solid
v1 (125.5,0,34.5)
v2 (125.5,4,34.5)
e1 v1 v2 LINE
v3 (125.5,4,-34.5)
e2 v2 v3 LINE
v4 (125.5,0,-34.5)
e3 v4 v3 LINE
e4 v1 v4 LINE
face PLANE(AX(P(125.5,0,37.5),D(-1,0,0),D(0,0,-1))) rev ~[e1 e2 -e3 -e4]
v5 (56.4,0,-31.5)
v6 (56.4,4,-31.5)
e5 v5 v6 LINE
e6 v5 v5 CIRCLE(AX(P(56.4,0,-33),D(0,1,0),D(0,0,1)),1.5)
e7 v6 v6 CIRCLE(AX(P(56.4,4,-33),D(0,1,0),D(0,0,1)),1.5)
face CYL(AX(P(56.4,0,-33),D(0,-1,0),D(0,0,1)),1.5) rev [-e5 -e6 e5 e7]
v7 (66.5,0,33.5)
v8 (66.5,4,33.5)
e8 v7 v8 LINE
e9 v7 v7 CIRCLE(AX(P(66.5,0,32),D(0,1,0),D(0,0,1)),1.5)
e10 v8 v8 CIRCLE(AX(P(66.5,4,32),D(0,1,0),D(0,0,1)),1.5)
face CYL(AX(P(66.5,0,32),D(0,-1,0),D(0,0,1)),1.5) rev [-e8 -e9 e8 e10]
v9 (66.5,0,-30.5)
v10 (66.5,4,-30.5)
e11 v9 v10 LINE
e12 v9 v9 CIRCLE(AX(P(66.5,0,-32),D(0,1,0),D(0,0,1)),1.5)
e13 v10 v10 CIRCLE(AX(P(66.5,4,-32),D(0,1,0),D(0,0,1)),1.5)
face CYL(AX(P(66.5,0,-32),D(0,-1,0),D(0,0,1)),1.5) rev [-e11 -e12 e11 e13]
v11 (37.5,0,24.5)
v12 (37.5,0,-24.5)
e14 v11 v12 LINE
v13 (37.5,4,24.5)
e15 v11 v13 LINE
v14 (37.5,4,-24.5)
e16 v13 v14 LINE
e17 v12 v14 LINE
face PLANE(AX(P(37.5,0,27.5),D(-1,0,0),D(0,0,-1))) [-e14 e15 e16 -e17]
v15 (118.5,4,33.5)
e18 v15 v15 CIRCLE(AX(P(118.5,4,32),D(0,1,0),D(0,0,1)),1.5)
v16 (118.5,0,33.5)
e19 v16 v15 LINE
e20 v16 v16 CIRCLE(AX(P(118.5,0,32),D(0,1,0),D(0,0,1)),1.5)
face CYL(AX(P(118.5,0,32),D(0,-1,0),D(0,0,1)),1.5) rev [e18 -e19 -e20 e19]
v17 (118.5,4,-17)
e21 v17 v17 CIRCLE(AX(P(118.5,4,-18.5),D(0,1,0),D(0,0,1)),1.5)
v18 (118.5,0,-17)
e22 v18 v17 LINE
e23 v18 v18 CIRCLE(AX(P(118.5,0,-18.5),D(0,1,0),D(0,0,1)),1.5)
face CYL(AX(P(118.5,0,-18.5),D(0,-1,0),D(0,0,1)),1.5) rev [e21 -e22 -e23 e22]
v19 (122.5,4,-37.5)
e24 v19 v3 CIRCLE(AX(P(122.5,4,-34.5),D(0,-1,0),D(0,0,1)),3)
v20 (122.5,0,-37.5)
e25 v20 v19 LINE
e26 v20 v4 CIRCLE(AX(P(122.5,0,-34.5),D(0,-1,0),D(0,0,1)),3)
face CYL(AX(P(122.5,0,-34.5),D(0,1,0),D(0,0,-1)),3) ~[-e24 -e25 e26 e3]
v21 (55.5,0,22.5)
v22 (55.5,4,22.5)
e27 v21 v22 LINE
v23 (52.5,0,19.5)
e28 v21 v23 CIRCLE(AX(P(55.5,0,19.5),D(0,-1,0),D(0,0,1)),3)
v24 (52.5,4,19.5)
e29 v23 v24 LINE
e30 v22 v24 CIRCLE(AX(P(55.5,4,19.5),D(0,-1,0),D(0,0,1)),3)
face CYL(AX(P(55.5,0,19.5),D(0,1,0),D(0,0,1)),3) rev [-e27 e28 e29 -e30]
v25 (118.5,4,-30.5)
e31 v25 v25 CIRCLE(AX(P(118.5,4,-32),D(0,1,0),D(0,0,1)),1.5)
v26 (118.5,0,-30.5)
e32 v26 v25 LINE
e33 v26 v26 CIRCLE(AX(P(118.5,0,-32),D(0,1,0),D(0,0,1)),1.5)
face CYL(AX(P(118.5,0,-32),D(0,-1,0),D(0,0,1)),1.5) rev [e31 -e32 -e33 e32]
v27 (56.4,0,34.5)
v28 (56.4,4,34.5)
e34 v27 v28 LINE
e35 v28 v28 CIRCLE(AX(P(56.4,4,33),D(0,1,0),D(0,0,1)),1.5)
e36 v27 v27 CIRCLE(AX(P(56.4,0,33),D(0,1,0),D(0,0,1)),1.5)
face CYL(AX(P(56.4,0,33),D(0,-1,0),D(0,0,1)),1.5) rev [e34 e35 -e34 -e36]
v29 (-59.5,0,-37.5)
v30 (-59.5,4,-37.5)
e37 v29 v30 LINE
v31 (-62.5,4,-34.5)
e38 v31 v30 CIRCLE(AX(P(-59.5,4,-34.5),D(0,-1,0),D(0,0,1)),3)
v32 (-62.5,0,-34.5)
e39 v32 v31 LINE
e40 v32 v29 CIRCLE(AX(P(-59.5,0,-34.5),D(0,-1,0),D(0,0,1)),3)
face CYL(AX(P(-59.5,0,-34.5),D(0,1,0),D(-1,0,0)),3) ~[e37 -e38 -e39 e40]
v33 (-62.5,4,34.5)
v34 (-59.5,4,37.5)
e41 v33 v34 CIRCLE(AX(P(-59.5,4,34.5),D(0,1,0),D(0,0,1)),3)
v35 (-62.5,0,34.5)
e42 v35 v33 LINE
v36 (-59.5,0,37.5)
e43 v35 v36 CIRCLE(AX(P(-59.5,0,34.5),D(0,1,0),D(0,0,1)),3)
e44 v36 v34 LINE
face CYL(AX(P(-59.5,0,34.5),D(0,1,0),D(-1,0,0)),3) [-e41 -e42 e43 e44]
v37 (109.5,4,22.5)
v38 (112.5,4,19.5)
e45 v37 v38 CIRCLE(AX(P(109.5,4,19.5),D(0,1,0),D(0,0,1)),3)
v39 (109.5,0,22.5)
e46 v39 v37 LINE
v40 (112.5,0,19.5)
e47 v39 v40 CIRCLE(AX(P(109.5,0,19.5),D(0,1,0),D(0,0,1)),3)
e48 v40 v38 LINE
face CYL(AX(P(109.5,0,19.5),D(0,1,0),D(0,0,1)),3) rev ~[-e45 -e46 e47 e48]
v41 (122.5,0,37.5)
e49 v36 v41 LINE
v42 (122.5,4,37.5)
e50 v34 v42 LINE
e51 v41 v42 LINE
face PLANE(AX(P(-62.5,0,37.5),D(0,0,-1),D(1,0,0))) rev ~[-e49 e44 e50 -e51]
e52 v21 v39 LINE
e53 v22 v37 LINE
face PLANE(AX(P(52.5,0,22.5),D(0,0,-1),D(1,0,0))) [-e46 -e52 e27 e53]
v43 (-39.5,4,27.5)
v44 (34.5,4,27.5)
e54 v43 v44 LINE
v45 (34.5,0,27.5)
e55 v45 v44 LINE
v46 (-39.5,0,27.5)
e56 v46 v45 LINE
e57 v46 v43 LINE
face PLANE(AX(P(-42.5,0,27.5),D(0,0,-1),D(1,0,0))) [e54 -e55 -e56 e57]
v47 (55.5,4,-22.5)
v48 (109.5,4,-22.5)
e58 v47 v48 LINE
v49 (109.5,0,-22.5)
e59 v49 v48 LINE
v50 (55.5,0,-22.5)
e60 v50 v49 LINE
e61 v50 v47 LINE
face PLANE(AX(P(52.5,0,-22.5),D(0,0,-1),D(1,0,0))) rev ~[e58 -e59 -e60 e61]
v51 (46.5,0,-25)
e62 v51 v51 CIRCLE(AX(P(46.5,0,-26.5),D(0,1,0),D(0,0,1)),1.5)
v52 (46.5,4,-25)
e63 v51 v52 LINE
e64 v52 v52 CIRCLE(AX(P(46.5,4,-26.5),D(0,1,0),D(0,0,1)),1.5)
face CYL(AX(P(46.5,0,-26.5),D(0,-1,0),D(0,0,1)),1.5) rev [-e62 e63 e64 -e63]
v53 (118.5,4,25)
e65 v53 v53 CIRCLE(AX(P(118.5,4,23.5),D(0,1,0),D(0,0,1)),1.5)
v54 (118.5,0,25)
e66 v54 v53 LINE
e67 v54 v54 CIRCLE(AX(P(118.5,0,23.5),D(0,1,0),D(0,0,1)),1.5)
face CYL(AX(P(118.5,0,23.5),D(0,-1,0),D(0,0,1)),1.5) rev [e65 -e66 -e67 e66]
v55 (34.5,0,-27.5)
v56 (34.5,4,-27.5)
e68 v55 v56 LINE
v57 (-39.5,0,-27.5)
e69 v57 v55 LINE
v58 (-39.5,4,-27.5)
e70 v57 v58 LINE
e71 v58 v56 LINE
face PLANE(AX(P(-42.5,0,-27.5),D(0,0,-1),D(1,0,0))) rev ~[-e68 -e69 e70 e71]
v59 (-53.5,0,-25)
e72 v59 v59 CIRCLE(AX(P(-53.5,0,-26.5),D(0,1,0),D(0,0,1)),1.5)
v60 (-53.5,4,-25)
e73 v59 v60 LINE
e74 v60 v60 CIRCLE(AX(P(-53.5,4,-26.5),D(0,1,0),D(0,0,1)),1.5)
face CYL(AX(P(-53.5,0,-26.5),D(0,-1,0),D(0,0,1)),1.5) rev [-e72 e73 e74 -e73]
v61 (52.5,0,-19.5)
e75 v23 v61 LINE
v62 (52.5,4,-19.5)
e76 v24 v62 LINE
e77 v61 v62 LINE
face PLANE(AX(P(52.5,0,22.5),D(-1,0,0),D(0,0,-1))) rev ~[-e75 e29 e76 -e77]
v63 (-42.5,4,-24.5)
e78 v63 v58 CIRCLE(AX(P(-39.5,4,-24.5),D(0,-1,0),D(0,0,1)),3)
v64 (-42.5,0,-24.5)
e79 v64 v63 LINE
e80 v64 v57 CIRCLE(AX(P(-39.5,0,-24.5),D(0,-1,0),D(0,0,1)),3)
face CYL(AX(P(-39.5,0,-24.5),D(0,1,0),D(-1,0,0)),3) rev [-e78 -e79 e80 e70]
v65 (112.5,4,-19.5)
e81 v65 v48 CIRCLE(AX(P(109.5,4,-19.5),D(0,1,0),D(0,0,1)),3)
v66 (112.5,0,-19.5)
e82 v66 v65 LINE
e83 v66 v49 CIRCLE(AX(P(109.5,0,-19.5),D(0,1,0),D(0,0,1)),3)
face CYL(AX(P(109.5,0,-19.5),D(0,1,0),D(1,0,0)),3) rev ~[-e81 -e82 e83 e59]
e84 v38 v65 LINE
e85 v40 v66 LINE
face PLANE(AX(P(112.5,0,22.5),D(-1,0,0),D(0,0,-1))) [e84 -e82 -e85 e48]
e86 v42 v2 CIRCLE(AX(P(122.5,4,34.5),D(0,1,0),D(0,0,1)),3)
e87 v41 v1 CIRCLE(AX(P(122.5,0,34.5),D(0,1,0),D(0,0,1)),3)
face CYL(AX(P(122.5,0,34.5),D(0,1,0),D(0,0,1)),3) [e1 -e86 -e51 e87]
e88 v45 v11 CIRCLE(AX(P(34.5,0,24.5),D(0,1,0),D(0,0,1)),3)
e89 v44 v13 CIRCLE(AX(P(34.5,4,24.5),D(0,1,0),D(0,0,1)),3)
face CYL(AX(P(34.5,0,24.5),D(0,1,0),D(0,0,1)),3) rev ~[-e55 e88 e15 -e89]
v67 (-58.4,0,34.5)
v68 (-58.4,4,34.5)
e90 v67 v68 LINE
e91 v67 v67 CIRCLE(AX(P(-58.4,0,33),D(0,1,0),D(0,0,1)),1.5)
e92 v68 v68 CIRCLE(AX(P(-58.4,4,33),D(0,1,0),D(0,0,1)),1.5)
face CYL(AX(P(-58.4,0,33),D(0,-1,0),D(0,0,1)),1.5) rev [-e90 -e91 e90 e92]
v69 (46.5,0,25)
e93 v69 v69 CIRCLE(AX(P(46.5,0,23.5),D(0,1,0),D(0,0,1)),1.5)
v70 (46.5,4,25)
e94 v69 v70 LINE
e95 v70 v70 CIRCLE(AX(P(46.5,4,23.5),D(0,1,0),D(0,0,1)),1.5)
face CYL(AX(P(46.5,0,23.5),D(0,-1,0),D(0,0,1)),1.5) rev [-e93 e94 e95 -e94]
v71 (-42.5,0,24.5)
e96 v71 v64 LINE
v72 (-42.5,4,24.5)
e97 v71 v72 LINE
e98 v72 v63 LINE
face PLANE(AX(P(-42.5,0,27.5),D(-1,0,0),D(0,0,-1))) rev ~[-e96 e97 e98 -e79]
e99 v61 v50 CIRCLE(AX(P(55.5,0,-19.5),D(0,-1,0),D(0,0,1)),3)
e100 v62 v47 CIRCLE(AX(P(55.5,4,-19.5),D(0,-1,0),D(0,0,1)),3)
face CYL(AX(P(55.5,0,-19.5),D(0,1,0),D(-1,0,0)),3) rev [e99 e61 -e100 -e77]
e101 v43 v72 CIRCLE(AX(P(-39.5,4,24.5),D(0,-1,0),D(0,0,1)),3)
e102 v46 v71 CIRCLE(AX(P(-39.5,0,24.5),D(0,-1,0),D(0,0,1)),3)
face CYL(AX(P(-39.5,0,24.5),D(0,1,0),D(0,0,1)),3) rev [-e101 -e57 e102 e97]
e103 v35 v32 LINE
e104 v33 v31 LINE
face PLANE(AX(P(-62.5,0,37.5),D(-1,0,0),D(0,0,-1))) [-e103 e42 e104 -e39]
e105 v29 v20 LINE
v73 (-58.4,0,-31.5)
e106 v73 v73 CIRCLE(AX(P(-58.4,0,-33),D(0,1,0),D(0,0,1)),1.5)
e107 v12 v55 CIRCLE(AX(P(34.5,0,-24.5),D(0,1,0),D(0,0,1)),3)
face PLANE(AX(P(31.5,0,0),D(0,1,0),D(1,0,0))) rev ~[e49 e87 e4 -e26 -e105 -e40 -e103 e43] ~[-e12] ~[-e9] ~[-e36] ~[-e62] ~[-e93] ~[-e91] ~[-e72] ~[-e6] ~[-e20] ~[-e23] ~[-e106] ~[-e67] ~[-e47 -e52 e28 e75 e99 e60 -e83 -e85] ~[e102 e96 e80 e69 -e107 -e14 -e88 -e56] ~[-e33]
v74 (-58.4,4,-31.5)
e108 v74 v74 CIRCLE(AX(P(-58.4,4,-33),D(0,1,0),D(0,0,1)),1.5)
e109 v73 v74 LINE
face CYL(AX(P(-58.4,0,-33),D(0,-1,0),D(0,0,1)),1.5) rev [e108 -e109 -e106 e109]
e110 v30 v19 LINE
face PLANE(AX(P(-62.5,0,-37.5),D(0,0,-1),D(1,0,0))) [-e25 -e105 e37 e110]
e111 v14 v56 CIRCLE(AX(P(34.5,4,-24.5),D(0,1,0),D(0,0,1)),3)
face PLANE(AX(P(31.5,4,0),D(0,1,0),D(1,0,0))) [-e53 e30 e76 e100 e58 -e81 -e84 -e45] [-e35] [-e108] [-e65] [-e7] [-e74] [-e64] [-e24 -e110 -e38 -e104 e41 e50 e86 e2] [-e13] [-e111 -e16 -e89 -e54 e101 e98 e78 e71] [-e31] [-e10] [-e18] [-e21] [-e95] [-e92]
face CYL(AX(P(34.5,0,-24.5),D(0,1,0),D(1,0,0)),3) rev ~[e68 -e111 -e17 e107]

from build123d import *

# Parameters (mm, degrees)
SKETCH_1_W      = 188
SKETCH_1_H      = 75
SKETCH_1_W_2    = 60
SKETCH_1_H_2    = 45
SKETCH_1_R      = 1.5
SKETCH_1_W_3    = 80
SKETCH_1_H_3    = 55
EXTRUDE_1_DEPTH = 4
FILLET_1_R      = 3


with BuildPart() as part:
    # 草图1 → 凸台-拉伸1 (new body)
    with BuildSketch(Plane(origin=(0, 0, 0), x_dir=(1, 0, 0), z_dir=(0, 1, 0))):
        with Locations((31.5, 0)):
            Rectangle(SKETCH_1_W, SKETCH_1_H)
        with Locations((82.5, 0)):
            Rectangle(SKETCH_1_W_2, SKETCH_1_H_2, mode=Mode.SUBTRACT)
        with Locations(Location((-58.4, -33, 0), (0, 0, 270))):
            Circle(SKETCH_1_R, mode=Mode.SUBTRACT)
        with Locations(Location((56.4, -33, 0), (0, 0, 270))):
            Circle(SKETCH_1_R, mode=Mode.SUBTRACT)
        with Locations(Location((46.5, -23.5, 0), (0, 0, 270))):
            Circle(SKETCH_1_R, mode=Mode.SUBTRACT)
        with Locations((-2.5, 0)):
            Rectangle(SKETCH_1_W_3, SKETCH_1_H_3, mode=Mode.SUBTRACT)
        with Locations(Location((-53.5, 26.5, 0), (0, 0, 270))):
            Circle(SKETCH_1_R, mode=Mode.SUBTRACT)
        with Locations(Location((-58.4, 33, 0), (0, 0, 270))):
            Circle(SKETCH_1_R, mode=Mode.SUBTRACT)
        with Locations(Location((46.5, 26.5, 0), (0, 0, 270))):
            Circle(SKETCH_1_R, mode=Mode.SUBTRACT)
        with Locations(Location((56.4, 33, 0), (0, 0, 270))):
            Circle(SKETCH_1_R, mode=Mode.SUBTRACT)
        with Locations(Location((66.5, 32, 0), (0, 0, 270))):
            Circle(SKETCH_1_R, mode=Mode.SUBTRACT)
        with Locations(Location((118.5, 32, 0), (0, 0, 270))):
            Circle(SKETCH_1_R, mode=Mode.SUBTRACT)
        with Locations(Location((66.5, -32, 0), (0, 0, 270))):
            Circle(SKETCH_1_R, mode=Mode.SUBTRACT)
        with Locations(Location((118.5, -32, 0), (0, 0, 270))):
            Circle(SKETCH_1_R, mode=Mode.SUBTRACT)
        with Locations(Location((118.5, -23.5, 0), (0, 0, 270))):
            Circle(SKETCH_1_R, mode=Mode.SUBTRACT)
        with Locations(Location((118.5, 18.5, 0), (0, 0, 270))):
            Circle(SKETCH_1_R, mode=Mode.SUBTRACT)
    extrude(amount=EXTRUDE_1_DEPTH)

    # 圆角1
    fillet_1_edges = [part.edges().sort_by_distance(p)[0] for p in [
        (52.5, 2, 22.5),
        (112.5, 2, 22.5),
        (112.5, 2, -22.5),
        (52.5, 2, -22.5),
        (-42.5, 2, 27.5),
        (37.5, 2, 27.5),
        (37.5, 2, -27.5),
        (-42.5, 2, -27.5),
        (125.5, 2, 37.5),
        (-62.5, 2, 37.5),
        (-62.5, 2, -37.5),
        (125.5, 2, -37.5),
    ]]
    fillet(fillet_1_edges, radius=FILLET_1_R)


solid = part.part
